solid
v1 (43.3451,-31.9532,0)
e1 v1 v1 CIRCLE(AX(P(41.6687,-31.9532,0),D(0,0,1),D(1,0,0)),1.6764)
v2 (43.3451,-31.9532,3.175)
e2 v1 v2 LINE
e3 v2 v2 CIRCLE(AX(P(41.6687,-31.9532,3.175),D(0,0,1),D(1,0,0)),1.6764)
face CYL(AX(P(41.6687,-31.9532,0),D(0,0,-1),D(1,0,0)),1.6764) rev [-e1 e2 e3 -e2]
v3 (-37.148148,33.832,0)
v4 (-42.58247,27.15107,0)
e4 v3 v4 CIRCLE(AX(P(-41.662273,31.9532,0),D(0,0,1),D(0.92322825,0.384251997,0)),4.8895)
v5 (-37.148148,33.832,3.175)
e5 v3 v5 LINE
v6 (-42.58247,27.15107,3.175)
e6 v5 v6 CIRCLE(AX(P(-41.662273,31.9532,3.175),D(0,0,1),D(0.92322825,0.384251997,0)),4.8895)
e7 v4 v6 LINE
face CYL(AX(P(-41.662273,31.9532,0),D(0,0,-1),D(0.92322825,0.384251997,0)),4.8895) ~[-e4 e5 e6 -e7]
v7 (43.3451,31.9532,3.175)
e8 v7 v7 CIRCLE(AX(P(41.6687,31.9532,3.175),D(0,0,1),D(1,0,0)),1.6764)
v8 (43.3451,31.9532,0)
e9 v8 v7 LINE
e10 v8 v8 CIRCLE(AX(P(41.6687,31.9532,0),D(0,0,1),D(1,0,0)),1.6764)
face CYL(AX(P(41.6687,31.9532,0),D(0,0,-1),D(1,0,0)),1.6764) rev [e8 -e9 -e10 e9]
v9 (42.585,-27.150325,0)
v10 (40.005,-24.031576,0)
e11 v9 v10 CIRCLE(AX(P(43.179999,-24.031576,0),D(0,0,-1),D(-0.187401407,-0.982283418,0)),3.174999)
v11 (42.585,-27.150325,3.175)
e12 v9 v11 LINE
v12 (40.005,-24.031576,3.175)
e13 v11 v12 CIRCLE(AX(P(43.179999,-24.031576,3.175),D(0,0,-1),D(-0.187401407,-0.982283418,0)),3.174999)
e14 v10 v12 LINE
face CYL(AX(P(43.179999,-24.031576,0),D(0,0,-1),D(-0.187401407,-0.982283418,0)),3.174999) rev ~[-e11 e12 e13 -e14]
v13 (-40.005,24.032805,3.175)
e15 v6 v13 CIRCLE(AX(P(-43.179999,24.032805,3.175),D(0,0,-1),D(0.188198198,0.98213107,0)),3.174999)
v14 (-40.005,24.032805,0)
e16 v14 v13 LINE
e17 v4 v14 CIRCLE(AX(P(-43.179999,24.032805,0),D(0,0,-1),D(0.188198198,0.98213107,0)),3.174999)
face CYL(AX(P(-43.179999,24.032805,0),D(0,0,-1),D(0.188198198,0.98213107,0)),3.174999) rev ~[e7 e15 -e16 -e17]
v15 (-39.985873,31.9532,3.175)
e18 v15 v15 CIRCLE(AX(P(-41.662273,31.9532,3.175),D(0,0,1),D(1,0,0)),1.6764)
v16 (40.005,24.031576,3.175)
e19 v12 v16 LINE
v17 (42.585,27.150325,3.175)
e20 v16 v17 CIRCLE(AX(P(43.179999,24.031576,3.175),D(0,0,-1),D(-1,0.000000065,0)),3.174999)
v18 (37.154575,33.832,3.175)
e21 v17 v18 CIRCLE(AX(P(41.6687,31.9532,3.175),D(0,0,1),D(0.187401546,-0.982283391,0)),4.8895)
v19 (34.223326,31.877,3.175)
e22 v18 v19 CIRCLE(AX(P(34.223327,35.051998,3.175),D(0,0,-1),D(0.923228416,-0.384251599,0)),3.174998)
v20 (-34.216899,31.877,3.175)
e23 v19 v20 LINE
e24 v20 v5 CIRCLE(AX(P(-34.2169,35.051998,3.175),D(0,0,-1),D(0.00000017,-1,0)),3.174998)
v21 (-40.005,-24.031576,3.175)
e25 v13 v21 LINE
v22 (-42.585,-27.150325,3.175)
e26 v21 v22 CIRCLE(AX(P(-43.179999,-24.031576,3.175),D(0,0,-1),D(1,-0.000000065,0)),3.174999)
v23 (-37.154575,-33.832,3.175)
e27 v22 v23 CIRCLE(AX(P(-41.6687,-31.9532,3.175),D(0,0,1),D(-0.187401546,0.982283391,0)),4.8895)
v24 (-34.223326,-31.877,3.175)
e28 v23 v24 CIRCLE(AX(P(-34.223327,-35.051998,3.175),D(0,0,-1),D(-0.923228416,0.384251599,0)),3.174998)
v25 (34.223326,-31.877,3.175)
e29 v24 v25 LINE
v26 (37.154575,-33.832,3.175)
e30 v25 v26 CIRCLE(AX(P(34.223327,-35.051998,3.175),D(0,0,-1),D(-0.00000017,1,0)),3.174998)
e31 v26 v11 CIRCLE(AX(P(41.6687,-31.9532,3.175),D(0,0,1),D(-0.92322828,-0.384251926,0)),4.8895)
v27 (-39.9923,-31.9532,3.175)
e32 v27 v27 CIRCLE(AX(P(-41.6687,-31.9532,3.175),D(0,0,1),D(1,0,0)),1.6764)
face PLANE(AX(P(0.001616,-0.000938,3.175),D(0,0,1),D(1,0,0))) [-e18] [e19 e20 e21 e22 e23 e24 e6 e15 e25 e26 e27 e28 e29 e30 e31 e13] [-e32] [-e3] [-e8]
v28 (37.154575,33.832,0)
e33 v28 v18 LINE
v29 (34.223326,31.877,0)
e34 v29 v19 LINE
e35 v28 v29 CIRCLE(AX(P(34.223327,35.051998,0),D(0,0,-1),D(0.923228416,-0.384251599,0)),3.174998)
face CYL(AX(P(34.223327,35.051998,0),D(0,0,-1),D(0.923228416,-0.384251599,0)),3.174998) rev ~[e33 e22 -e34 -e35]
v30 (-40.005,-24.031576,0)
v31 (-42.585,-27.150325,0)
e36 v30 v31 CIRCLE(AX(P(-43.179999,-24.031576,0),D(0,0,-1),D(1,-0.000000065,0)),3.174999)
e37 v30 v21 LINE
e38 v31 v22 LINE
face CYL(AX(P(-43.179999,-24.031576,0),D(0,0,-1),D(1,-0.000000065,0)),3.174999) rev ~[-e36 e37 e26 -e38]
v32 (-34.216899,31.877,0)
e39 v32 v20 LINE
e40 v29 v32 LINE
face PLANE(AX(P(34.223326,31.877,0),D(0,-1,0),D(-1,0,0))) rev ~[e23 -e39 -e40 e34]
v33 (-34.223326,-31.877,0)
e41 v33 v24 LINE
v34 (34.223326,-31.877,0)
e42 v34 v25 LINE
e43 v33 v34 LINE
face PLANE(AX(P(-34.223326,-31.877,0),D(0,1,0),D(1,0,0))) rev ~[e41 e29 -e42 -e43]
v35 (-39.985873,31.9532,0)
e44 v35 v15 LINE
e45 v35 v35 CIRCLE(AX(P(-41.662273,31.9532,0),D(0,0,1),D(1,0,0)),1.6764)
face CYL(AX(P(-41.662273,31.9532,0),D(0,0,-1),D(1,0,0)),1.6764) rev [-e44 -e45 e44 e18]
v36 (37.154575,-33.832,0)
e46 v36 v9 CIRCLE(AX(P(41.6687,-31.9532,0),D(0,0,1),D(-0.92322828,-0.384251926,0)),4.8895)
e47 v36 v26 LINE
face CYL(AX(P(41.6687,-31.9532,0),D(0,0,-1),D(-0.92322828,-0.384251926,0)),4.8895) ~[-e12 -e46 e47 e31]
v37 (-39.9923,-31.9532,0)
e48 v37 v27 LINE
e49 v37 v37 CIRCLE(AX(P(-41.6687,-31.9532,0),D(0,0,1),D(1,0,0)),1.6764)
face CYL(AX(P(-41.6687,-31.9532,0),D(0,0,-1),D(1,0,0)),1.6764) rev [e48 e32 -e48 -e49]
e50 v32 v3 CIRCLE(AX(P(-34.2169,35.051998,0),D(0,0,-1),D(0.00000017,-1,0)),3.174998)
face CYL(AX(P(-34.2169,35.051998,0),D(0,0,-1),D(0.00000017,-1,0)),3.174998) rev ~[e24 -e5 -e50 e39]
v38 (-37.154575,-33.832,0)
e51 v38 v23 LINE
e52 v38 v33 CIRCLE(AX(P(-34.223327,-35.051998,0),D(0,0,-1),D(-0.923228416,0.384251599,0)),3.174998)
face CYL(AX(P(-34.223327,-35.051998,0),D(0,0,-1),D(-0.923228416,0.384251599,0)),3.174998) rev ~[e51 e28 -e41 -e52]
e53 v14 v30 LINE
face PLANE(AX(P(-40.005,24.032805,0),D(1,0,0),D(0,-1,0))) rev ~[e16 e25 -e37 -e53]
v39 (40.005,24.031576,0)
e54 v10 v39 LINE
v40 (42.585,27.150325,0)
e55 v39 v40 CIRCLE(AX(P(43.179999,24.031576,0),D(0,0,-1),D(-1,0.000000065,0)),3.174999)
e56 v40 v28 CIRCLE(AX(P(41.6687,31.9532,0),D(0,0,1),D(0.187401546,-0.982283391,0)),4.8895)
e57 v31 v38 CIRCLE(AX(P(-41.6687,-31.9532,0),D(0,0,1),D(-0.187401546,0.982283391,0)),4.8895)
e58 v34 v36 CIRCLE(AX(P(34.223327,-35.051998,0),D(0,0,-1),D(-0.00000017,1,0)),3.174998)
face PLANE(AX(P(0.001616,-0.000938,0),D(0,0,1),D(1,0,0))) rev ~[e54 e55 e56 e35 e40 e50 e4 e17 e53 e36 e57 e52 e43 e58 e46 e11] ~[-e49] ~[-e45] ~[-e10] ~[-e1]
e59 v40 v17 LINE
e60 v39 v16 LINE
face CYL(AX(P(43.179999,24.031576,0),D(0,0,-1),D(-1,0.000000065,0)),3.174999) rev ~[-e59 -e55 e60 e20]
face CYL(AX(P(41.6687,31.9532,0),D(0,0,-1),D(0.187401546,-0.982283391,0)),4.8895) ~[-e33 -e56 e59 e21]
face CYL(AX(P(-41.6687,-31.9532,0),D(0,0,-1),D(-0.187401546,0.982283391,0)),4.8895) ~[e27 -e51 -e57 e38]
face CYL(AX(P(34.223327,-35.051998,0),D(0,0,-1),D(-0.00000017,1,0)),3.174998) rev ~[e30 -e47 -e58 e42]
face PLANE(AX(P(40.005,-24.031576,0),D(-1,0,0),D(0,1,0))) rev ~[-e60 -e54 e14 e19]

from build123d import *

# Parameters (mm, degrees)
F0_R     = 1.6764
F1_DEPTH = 3.175


with BuildPart() as f1:
    # F0 (on Top) → F1 (new body)
    with BuildSketch(Plane.XY):
        with BuildLine():
            Line((34.223326, 31.877), (-34.216899, 31.877))
            ThreePointArc((-34.216899, 31.877), (-35.978592, 32.410587), (-37.148148, 33.832))
            ThreePointArc((-37.148148, 33.832), (-45.455396, 35.038557), (-42.58247, 27.15107))
            ThreePointArc((-42.58247, 27.15107), (-40.732779, 26.055608), (-40.005, 24.032805))
            Line((-40.005, 24.032805), (-40.005, 18.161))
            Line((-40.005, 18.161), (-40.005, -23.749))
            Line((-40.005, -23.749), (-40.005, -24.031576))
            ThreePointArc((-40.005, -24.031576), (-40.7336, -26.055372), (-42.585, -27.150325))
            ThreePointArc((-42.585, -27.150325), (-45.463075, -35.037018), (-37.154575, -33.832))
            ThreePointArc((-37.154575, -33.832), (-35.985019, -32.410587), (-34.223326, -31.877))
            Line((-34.223326, -31.877), (34.223326, -31.877))
            ThreePointArc((34.223326, -31.877), (35.985019, -32.410587), (37.154575, -33.832))
            ThreePointArc((37.154575, -33.832), (45.463075, -35.037018), (42.585, -27.150325))
            ThreePointArc((42.585, -27.150325), (40.7336, -26.055372), (40.005, -24.031576))
            Line((40.005, -24.031576), (40.005, 24.031576))
            ThreePointArc((40.005, 24.031576), (40.7336, 26.055372), (42.585, 27.150325))
            ThreePointArc((42.585, 27.150325), (45.463075, 35.037018), (37.154575, 33.832))
            ThreePointArc((37.154575, 33.832), (35.985019, 32.410587), (34.223326, 31.877))
        make_face()
        with Locations((-41.6687, -31.9532)):
            Circle(F0_R, mode=Mode.SUBTRACT)
        with Locations((41.6687, -31.9532)):
            Circle(F0_R, mode=Mode.SUBTRACT)
        with Locations((-41.662273, 31.9532)):
            Circle(F0_R, mode=Mode.SUBTRACT)
        with Locations((41.6687, 31.9532)):
            Circle(F0_R, mode=Mode.SUBTRACT)
    extrude(amount=F1_DEPTH)


solid = f1.part
